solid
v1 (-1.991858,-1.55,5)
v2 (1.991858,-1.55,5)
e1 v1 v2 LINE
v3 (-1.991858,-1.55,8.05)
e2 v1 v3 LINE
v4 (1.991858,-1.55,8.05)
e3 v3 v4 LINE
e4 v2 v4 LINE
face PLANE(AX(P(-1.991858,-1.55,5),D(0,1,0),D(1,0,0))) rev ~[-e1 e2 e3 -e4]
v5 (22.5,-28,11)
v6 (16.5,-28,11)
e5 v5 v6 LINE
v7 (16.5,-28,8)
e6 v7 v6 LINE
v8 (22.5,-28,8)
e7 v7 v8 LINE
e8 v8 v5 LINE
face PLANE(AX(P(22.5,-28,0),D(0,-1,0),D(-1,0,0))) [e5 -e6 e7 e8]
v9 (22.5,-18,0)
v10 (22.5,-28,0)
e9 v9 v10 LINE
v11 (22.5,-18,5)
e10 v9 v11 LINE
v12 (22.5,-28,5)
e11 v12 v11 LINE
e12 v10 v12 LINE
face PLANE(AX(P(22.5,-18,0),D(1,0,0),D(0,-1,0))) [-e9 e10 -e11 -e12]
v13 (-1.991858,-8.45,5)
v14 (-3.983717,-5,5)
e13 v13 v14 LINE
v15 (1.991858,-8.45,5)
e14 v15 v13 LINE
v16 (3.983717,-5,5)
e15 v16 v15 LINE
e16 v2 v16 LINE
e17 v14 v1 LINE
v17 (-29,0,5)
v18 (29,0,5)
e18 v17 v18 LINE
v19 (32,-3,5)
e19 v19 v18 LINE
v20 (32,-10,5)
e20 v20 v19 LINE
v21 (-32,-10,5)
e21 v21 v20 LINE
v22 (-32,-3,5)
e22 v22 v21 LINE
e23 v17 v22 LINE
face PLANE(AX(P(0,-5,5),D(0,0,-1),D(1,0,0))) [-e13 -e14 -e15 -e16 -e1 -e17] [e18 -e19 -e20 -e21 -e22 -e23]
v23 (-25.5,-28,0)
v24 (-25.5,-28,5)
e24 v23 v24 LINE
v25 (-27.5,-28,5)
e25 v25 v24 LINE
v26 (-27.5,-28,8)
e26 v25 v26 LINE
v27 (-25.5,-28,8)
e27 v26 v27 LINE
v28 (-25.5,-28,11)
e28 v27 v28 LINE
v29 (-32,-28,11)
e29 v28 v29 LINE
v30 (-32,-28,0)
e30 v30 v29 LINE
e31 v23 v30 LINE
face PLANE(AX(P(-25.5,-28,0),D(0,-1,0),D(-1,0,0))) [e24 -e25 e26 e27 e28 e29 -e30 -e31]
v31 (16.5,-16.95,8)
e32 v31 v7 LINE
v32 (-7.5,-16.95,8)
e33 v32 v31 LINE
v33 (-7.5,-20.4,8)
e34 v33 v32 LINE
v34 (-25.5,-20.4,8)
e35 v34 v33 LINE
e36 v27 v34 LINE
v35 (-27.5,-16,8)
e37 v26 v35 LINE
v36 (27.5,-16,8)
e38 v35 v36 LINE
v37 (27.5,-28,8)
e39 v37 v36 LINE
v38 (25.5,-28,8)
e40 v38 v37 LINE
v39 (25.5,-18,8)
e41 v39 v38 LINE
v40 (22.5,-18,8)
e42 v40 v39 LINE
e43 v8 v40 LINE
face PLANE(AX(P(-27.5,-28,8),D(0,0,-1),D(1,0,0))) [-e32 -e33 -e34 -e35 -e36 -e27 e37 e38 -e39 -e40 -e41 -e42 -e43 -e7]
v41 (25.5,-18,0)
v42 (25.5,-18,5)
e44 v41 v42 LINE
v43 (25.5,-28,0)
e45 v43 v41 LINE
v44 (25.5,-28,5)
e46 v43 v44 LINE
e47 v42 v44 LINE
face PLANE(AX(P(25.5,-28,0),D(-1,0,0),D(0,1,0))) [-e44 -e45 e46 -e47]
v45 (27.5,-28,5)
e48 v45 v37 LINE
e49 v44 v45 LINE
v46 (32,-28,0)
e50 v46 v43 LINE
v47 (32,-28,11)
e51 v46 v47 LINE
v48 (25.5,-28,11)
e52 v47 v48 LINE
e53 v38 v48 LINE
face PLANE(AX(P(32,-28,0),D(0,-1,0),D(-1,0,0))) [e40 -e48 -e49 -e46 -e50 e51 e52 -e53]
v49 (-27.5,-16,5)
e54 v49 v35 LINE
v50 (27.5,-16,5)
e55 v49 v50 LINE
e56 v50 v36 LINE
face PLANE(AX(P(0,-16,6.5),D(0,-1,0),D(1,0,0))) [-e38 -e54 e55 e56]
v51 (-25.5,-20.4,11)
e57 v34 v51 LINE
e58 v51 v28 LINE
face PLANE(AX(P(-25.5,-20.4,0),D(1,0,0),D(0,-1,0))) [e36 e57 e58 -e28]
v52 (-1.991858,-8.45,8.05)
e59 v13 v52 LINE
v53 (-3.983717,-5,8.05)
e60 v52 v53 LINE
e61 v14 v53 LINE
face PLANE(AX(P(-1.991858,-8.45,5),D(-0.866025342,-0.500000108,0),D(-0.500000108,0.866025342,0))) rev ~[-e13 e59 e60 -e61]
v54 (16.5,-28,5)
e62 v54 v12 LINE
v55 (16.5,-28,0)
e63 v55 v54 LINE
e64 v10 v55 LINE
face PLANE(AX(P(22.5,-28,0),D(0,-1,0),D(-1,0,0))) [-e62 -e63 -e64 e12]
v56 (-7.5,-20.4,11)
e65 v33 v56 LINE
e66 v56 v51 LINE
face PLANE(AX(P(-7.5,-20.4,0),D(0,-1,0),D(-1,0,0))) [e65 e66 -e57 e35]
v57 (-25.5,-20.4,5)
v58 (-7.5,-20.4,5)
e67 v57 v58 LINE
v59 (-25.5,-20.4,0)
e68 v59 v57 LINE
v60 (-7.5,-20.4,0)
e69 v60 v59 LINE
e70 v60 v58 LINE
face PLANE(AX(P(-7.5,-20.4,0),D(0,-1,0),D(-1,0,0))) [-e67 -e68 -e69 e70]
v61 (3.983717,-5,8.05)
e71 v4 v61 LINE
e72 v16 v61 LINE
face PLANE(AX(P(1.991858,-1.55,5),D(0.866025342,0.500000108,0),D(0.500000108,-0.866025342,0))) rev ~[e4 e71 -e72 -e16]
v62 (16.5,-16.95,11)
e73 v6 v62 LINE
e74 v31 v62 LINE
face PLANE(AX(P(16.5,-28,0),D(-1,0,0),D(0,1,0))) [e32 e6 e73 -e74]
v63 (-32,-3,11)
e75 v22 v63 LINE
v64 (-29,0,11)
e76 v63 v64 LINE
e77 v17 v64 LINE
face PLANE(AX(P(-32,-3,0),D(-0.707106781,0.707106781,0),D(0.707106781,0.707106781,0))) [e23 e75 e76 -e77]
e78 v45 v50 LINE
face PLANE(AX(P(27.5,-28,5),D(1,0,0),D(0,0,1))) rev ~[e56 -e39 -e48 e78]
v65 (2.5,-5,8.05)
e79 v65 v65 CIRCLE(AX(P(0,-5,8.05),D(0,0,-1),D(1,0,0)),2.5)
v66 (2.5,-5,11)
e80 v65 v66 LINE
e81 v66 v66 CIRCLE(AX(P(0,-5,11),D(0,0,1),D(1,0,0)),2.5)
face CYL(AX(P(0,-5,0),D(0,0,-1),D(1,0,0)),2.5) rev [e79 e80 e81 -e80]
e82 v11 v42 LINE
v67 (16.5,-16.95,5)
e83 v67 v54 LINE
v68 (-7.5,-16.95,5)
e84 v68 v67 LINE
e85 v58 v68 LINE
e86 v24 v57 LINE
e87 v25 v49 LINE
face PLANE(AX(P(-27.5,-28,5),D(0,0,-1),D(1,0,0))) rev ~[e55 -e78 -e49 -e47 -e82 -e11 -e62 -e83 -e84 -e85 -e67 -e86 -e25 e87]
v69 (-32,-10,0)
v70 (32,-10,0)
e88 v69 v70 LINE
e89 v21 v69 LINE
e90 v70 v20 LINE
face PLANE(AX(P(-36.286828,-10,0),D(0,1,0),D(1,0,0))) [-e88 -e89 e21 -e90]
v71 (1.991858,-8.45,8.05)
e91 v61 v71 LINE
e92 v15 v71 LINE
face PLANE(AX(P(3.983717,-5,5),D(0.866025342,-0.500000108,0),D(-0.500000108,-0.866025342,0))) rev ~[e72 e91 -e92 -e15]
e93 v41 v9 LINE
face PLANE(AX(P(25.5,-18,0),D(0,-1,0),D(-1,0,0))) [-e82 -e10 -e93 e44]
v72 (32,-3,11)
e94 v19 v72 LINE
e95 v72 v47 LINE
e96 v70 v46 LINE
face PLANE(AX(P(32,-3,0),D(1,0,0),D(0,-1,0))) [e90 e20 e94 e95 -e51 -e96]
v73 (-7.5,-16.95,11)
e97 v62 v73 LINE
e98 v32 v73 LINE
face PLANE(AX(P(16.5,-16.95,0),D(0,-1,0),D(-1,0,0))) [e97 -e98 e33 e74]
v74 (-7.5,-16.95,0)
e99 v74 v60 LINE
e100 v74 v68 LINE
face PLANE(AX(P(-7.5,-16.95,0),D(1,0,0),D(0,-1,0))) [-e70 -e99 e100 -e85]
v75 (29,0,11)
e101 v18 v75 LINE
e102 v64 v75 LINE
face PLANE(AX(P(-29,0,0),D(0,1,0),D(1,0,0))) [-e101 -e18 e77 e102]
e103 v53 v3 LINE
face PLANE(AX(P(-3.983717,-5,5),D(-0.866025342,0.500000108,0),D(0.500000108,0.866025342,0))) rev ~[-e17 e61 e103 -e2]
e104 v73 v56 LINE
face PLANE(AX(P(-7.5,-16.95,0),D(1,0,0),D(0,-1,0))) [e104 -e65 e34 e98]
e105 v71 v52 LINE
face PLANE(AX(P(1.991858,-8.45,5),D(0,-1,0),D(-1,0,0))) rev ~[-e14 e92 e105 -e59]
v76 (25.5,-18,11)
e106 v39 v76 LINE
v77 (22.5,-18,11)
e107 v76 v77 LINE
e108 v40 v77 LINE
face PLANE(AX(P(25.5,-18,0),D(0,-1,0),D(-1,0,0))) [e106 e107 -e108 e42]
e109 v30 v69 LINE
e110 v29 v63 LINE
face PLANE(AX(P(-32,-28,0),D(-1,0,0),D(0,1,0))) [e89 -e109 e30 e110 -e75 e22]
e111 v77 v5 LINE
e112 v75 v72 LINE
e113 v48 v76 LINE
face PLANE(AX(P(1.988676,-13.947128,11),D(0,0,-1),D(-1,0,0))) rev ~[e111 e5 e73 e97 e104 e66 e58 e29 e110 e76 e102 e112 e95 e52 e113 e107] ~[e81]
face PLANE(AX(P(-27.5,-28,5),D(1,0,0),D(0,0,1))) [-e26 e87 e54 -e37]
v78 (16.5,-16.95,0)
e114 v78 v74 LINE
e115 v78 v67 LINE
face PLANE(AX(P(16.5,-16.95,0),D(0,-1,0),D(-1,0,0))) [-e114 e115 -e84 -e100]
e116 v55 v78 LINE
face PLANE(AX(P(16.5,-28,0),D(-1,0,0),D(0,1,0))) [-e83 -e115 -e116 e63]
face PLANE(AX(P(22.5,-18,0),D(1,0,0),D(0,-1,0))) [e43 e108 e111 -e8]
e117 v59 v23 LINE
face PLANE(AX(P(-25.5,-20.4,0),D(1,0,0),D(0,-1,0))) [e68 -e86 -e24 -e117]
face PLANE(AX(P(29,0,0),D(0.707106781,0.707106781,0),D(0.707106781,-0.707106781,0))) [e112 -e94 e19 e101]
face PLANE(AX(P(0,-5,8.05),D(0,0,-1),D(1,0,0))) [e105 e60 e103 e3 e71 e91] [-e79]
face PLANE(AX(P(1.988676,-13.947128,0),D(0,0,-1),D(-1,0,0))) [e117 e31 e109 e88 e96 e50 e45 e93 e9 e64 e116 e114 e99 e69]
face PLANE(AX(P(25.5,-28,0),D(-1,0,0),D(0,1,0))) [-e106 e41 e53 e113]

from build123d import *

# Parameters (mm, degrees)
SKETCH_R        = 2.5
PAD_DEPTH       = 11
SKETCH001_W     = 72.573656
SKETCH001_H     = 10
POCKET_DEPTH    = 5
POCKET001_DEPTH = 3.05
SKETCH003_W     = 55
SKETCH003_H     = 3
POCKET002_DEPTH = 12


with BuildPart() as part:
    # Sketch → Pad (new body)
    with BuildSketch(Plane.XY):
        Polygon((-32, -28), (-32, -3), (-29, 0), (29, 0), (32, -3), (32, -28), (25.5, -28), (25.5, -18), (22.5, -18), (22.5, -28), (16.5, -28), (16.5, -16.95), (-7.5, -16.95), (-7.5, -20.4), (-25.5, -20.4), (-25.5, -28), align=None)
        with Locations((0, -5)):
            Circle(SKETCH_R, mode=Mode.SUBTRACT)
    extrude(amount=PAD_DEPTH)

    # Sketch001 (on Face18 of Pad) → Pocket (cut)
    with BuildSketch(Plane(origin=(0, 0, 0), x_dir=(1, 0, 0), z_dir=(0, 0, -1))):
        with Locations((0, 5)):
            Rectangle(SKETCH001_W, SKETCH001_H)
    extrude(amount=-POCKET_DEPTH, mode=Mode.SUBTRACT)

    # Sketch002 (on Face4 of Pocket) → Pocket001 (cut)
    with BuildSketch(Plane(origin=(0, 0, 5), x_dir=(1, 0, 0), z_dir=(0, 0, -1))):
        Polygon((3.983717, 5), (1.991858, 8.45), (-1.991858, 8.45), (-3.983717, 5), (-1.991858, 1.55), (1.991858, 1.55), align=None)
    extrude(amount=-POCKET001_DEPTH, mode=Mode.SUBTRACT)

    # Sketch003 (on Face17 of Pocket001) → Pocket002 (cut)
    with BuildSketch(Plane.XZ.offset(28)):
        with Locations((0, 6.5)):
            Rectangle(SKETCH003_W, SKETCH003_H)
    extrude(amount=-POCKET002_DEPTH, mode=Mode.SUBTRACT)


solid = part.part
